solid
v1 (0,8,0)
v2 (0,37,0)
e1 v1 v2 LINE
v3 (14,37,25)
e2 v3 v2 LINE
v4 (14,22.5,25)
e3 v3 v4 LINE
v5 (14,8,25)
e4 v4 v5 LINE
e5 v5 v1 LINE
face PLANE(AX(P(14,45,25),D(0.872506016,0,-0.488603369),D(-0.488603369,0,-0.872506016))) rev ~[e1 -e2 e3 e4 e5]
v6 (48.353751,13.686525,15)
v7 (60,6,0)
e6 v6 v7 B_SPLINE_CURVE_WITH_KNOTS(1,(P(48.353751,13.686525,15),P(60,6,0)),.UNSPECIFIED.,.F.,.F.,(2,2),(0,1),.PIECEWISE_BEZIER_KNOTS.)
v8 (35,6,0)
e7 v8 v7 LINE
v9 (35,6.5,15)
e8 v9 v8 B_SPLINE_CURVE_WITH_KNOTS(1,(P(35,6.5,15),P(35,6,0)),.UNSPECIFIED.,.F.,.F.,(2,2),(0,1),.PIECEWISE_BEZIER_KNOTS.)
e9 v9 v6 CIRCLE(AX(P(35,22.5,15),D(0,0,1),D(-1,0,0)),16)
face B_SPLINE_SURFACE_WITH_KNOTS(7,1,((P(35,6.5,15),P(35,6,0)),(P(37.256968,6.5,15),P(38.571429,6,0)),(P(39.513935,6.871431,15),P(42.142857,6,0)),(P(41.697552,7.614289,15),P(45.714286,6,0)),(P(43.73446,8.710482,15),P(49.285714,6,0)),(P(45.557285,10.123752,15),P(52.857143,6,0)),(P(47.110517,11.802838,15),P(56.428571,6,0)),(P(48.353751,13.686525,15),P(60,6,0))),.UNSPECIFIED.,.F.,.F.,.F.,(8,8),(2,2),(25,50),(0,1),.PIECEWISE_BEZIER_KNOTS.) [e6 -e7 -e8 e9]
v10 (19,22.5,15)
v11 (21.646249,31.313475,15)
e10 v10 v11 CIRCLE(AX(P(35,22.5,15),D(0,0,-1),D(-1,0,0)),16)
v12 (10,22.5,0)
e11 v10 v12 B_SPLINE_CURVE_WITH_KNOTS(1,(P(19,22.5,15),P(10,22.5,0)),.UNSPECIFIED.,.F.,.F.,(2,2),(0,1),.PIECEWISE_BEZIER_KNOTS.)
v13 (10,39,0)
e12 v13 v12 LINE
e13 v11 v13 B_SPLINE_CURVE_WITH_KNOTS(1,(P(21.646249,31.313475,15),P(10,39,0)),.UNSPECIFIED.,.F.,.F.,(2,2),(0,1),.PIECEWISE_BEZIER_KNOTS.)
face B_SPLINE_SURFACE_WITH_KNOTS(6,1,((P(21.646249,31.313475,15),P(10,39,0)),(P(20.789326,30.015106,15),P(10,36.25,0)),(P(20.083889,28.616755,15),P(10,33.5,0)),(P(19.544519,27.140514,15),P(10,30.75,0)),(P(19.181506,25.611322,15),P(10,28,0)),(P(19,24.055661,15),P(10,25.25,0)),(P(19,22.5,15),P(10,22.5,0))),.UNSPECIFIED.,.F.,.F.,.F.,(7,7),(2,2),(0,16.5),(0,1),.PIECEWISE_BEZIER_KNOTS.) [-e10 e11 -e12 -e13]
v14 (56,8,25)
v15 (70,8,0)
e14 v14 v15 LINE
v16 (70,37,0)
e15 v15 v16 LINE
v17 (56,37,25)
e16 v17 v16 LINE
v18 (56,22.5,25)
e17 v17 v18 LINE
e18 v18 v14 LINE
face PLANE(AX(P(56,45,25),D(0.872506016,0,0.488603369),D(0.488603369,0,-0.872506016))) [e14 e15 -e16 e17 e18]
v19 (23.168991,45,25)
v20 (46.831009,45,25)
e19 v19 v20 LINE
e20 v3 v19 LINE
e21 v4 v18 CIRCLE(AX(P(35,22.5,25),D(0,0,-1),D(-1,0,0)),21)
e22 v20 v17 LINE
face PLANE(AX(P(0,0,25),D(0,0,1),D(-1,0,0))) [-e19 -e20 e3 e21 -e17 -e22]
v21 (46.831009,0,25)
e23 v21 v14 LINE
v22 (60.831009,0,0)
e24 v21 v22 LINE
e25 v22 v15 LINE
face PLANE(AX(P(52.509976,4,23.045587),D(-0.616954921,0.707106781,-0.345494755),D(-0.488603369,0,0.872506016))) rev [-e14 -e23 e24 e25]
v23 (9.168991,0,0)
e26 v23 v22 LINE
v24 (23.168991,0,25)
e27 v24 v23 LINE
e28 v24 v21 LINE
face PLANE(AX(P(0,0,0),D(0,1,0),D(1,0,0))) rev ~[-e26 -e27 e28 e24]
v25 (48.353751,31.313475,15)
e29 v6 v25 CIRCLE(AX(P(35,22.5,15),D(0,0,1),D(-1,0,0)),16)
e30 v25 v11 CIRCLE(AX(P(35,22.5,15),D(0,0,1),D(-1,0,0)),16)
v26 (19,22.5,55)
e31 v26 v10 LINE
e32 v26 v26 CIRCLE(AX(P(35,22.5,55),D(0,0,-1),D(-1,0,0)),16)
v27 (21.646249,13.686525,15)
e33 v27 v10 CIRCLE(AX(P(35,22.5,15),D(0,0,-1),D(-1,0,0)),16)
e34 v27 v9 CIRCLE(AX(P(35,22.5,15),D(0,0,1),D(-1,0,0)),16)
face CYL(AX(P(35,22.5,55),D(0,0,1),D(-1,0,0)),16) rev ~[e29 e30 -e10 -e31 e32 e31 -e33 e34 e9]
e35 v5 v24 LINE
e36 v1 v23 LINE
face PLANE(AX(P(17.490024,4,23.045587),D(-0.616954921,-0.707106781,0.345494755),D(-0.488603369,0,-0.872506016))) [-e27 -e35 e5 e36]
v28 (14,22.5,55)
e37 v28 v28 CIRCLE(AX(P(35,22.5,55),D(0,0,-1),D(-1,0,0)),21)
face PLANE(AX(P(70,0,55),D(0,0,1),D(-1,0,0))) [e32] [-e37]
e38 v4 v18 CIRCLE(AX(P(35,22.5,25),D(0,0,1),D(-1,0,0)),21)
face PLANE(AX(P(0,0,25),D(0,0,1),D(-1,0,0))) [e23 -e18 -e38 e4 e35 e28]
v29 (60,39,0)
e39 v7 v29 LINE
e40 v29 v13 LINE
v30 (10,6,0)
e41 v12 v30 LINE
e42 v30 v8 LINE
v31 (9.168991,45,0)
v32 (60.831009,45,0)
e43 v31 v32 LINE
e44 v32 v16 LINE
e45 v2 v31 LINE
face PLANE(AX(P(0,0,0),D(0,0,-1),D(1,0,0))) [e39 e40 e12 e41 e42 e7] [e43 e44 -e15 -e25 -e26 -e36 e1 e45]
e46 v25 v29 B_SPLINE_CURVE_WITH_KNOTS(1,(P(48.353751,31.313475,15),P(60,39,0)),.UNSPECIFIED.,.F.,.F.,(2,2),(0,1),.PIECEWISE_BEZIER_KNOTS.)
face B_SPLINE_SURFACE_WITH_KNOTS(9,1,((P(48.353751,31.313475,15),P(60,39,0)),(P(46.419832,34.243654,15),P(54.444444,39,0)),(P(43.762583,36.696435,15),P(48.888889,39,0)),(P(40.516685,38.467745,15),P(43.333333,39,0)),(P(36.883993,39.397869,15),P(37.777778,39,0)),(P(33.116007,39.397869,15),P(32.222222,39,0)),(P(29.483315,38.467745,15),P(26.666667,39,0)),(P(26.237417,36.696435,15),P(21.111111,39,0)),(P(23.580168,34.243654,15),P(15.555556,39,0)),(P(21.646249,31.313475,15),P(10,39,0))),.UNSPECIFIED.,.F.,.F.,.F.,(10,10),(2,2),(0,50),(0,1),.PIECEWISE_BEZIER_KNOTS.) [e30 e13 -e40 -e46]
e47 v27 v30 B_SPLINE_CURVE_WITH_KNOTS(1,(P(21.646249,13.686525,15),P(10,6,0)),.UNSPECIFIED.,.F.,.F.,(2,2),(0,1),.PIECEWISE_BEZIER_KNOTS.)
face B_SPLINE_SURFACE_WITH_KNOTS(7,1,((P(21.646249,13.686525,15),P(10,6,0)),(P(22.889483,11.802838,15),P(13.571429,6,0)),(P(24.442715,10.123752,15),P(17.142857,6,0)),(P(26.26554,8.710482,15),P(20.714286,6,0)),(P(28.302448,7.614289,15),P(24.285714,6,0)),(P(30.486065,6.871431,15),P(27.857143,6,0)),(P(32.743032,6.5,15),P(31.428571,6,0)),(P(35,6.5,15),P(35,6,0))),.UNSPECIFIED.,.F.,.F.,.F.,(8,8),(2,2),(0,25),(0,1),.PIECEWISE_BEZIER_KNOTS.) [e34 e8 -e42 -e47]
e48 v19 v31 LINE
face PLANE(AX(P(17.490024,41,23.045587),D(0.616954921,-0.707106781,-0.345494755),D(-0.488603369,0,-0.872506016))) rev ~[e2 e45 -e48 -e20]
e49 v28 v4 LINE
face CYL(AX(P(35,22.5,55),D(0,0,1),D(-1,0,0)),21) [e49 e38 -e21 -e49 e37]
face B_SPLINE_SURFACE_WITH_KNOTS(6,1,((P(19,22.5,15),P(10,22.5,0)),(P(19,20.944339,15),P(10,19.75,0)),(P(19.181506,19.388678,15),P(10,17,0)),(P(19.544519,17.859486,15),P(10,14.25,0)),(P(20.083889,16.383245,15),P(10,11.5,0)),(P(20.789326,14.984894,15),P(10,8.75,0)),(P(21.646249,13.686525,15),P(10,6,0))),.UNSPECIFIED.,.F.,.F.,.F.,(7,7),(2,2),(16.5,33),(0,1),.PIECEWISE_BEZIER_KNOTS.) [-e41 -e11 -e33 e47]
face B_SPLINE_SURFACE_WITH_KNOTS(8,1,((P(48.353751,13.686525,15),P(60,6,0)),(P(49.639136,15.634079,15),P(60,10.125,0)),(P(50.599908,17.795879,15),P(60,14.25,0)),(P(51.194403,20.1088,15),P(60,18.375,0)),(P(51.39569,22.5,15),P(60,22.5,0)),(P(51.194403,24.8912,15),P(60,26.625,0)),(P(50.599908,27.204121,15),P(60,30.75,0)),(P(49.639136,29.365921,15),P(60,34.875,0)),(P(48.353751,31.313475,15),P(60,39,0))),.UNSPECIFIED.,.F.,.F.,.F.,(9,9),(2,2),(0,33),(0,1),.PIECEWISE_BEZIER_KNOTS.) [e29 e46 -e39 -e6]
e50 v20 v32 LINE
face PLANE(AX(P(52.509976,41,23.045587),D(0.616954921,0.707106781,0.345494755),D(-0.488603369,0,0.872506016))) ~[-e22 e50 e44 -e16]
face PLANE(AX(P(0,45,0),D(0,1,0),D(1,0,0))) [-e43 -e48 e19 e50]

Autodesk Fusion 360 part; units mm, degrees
sketch "草图1" plane through (0, 0, 0) normal (0, 1, 0) x (1, 0, 0)
  line L0 (0, 0) -> (70, 0)
  line L1 (70, 0) -> (70, -55)
  line L2 (70, -55) -> (0, -55)
  line L3 (0, -55) -> (0, 0)
  dimension "d1" = 70
  dimension "d2" = 55
extrude "拉伸1" add sketch "草图1" along normal blind 45
sketch "草图2" plane through (0, 0, 55) normal (0, 0, 1) x (-1, 0, 0)
  line L0 (0, 0) -> (-70, 0)
  line L1 (-70, 0) -> (-70, -45)
  line L2 (-70, -45) -> (0, -45)
  line L3 (0, -45) -> (0, 0)
  line L4 (-35, -45) -> (-35, -22.5)
  circle A0 centre (-35, -22.5) radius 16
  circle A1 centre (-35, -22.5) radius 21
  dimension "d5" = 22.5
  dimension "d6" = 32
  dimension "d12" = 42
extrude "拉伸2" cut sketch "草图2" against normal blind 40 contours A0
sketch "草图3" plane through (0, 0, 0) normal (0, 0, -1) x (1, 0, 0)
  line L0 (70, 0) -> (0, 0)
  line L1 (0, 0) -> (0, -45)
  line L2 (0, -45) -> (70, -45)
  line L3 (70, -45) -> (70, 0)
  line L4 (35, 0) -> (35, -22.5)
  line L5 (60, -39) -> (10, -39)
  line L6 (10, -39) -> (10, -6)
  line L7 (10, -6) -> (60, -6)
  line L8 (60, -6) -> (60, -39)
  line L9 (60, -39) -> (10, -6) construction
  line L10 (10, -39) -> (60, -6) construction
  point P0 (35, -22.5)
  dimension "d9" = 22.5
  dimension "d10" = 50
  dimension "d11" = 33
sketch "草图4" plane through (0, 0, 15) normal (0, 0, 1) x (-1, 0, 0)
  circle A0 centre (-35, -22.5) radius 16
loft "放样1" cut profiles "草图4", "草图3" section 1 section 2 contours L5 L6 L7 L8
extrude "拉伸4" cut sketch "草图2" against normal blind 30 contours L0 L1 L2 L3
sketch "草图5" plane through (0, 0, 25) normal (0, 0, 1) x (-1, 0, 0)
  circle A0 centre (-35, -22.5) radius 21
  line L0 (0, -45) -> (0, 0)
  line L1 (0, 0) -> (-70, 0)
  line L2 (-70, 0) -> (-70, -45)
  line L3 (-70, -45) -> (0, -45)
  circle A1 centre (-35, -22.5) radius 21
sketch "草图6" plane through (0, 45, 0) normal (0, 1, 0) x (-1, 0, 0)
  line L0 (0, 25) -> (-70, 25)
  line L1 (-70, 25) -> (-70, 0)
  line L2 (-70, 0) -> (0, 0)
  line L3 (0, 0) -> (0, 25)
  line L4 (-35, 25) -> (-56, 25)
  line L5 (-56, 25) -> (-70, 0)
  line L6 (-35, 25) -> (-14, 25)
  line L7 (-14, 25) -> (0, 0)
  dimension "d17" = 21
  dimension "d18" = 21
extrude "拉伸5" cut sketch "草图6" against normal blind 45 contours L0 L3 L7 | L0 L1 L5
chamfer "倒角1" distance 8 angle 45 4 edges at (7, 45, 12.5) (7, 0, 12.5) (63, 45, 12.5) (63, 0, 12.5)
extrude "拉伸3" [suppressed]
